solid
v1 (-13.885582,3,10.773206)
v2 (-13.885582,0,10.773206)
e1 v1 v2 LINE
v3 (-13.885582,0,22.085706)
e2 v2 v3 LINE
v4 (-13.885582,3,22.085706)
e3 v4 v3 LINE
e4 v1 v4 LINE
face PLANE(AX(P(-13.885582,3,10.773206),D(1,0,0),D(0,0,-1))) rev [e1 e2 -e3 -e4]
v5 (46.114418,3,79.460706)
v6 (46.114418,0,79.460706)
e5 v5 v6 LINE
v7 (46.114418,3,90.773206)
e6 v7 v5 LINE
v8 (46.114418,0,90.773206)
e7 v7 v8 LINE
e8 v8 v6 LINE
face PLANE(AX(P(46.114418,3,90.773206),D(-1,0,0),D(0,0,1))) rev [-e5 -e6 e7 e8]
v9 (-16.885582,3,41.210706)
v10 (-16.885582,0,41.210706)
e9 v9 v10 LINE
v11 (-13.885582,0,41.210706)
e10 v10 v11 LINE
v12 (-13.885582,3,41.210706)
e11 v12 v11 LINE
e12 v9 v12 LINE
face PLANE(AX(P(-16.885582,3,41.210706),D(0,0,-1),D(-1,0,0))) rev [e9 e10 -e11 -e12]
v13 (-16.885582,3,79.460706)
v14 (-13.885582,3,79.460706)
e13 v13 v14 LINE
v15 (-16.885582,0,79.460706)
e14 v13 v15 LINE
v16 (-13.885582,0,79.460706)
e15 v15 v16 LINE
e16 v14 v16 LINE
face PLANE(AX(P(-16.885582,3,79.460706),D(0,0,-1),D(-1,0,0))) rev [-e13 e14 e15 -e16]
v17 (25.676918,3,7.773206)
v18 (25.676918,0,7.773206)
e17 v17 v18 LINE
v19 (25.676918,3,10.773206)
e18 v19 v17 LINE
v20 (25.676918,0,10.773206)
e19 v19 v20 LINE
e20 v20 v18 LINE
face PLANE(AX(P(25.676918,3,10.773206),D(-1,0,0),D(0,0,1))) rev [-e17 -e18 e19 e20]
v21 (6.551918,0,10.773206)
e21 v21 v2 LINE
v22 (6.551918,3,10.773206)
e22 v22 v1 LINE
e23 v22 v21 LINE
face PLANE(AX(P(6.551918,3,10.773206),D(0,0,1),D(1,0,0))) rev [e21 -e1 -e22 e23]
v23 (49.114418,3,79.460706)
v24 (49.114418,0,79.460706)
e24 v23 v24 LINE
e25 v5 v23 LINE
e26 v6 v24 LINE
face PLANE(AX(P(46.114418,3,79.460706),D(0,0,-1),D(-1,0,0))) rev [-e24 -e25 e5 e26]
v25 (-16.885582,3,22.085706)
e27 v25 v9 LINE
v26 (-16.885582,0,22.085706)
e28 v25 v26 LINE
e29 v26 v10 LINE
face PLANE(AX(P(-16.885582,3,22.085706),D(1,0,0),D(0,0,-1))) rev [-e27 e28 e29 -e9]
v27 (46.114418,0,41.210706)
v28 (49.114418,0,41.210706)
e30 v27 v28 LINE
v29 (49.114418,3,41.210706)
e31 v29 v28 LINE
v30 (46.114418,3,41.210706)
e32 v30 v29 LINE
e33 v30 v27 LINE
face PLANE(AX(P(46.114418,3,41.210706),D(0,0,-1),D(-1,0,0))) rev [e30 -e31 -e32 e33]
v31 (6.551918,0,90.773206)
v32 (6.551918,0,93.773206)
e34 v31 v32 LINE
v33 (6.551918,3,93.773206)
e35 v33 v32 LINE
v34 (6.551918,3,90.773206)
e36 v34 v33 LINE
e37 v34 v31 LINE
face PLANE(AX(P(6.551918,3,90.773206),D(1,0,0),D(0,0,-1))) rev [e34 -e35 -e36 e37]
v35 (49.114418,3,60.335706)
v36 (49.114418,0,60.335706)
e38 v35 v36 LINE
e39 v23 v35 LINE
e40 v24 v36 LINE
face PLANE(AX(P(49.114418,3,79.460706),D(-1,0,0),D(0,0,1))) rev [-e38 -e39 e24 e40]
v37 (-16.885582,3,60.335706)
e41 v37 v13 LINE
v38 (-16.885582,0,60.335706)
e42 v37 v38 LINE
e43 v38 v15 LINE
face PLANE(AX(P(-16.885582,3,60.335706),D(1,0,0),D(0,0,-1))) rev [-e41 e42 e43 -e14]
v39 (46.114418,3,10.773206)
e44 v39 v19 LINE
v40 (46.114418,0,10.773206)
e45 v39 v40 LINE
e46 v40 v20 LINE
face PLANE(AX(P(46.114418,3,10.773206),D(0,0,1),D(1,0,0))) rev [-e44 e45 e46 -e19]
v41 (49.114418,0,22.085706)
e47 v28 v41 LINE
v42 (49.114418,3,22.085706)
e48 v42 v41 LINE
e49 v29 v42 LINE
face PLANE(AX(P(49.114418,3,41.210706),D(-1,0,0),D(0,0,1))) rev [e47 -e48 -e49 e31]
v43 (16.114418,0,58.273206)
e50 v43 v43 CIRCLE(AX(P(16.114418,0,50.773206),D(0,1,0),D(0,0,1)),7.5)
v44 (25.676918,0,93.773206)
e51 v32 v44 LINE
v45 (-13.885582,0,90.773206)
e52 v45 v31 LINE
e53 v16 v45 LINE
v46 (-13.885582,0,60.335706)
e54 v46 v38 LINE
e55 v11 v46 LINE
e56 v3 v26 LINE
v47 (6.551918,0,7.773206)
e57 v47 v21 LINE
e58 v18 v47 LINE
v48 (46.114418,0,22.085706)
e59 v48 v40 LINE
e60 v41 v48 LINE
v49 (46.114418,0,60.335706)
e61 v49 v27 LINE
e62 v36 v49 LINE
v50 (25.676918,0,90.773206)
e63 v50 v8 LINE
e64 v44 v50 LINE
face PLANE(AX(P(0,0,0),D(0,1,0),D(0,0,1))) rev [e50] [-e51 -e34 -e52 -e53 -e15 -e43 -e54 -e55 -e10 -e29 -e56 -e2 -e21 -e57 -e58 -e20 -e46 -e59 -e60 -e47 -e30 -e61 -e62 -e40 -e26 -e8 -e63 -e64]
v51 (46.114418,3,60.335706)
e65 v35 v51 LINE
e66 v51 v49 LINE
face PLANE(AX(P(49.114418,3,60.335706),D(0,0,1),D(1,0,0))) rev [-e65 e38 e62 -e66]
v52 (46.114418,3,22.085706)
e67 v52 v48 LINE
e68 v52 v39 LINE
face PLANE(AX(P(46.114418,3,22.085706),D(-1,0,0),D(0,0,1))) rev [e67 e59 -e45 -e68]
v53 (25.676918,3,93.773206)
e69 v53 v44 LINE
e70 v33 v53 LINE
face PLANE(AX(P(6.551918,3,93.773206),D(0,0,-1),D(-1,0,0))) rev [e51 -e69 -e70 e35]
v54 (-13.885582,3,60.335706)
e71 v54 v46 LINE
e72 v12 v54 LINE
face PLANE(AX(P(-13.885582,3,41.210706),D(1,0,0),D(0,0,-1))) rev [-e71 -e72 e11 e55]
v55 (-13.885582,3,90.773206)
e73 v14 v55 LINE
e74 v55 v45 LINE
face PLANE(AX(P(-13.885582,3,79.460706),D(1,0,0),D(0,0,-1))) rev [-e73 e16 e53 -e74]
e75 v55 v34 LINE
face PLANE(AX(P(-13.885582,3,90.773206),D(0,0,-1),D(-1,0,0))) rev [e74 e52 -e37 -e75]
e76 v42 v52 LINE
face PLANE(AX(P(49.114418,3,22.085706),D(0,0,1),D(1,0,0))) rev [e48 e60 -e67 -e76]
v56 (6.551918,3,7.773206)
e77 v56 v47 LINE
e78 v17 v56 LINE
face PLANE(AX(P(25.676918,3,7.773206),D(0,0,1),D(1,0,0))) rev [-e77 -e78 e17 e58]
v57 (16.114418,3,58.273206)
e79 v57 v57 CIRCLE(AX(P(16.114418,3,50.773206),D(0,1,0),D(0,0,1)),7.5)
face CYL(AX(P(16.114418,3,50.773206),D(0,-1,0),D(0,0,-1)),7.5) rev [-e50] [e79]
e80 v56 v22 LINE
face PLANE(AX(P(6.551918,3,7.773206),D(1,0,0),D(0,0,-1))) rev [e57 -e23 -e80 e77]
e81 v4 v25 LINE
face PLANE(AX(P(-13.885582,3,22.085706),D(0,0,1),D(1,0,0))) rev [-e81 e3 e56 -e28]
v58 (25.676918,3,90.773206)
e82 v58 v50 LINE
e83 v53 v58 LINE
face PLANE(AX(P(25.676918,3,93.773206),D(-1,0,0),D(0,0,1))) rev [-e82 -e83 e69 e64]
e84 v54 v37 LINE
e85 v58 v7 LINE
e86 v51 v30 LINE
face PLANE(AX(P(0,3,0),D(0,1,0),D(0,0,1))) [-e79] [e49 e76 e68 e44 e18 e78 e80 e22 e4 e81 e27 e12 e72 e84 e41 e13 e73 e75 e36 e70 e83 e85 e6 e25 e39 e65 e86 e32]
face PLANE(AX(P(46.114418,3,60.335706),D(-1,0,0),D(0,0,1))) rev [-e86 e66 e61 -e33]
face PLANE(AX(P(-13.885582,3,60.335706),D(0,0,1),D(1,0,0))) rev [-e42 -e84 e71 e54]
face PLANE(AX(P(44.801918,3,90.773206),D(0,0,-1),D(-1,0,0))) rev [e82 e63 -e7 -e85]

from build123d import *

# Parameters (mm, degrees)
SKETCH1_R           = 7.5
BOSS_EXTRUDE1_DEPTH = 3


with BuildPart() as part:
    # Sketch1 → Boss-Extrude1 (new body)
    with BuildSketch(Plane(origin=(0, 0, 0), x_dir=(1, 0, 0), z_dir=(0, 1, 0))):
        Polygon((-13.885581934, -10.773206129), (-13.885581934, -22.085706129), (-16.885581934, -22.085706129), (-16.885581934, -41.210706129), (-13.885581934, -41.210706129), (-13.885581934, -60.335706129), (-16.885581934, -60.335706129), (-16.885581934, -79.460706129), (-13.885581934, -79.460706129), (-13.885581934, -90.773206129), (6.551918066, -90.773206129), (6.551918066, -93.773206129), (25.676918066, -93.773206129), (25.676918066, -90.773206129), (44.801918066, -90.773206129), (46.114418066, -90.773206129), (46.114418066, -79.460706129), (49.114418066, -79.460706129), (49.114418066, -60.335706129), (46.114418066, -60.335706129), (46.114418066, -41.210706129), (49.114418066, -41.210706129), (49.114418066, -22.085706129), (46.114418066, -22.085706129), (46.114418066, -10.773206129), (25.676918066, -10.773206129), (25.676918066, -7.773206129), (6.551918066, -7.773206129), (6.551918066, -10.773206129), (-12.573081934, -10.773206129), align=None)
        with Locations(Location((16.114418066, -50.773206129, 0), (0, 0, 270))):
            Circle(SKETCH1_R, mode=Mode.SUBTRACT)
    extrude(amount=BOSS_EXTRUDE1_DEPTH)


solid = part.part
